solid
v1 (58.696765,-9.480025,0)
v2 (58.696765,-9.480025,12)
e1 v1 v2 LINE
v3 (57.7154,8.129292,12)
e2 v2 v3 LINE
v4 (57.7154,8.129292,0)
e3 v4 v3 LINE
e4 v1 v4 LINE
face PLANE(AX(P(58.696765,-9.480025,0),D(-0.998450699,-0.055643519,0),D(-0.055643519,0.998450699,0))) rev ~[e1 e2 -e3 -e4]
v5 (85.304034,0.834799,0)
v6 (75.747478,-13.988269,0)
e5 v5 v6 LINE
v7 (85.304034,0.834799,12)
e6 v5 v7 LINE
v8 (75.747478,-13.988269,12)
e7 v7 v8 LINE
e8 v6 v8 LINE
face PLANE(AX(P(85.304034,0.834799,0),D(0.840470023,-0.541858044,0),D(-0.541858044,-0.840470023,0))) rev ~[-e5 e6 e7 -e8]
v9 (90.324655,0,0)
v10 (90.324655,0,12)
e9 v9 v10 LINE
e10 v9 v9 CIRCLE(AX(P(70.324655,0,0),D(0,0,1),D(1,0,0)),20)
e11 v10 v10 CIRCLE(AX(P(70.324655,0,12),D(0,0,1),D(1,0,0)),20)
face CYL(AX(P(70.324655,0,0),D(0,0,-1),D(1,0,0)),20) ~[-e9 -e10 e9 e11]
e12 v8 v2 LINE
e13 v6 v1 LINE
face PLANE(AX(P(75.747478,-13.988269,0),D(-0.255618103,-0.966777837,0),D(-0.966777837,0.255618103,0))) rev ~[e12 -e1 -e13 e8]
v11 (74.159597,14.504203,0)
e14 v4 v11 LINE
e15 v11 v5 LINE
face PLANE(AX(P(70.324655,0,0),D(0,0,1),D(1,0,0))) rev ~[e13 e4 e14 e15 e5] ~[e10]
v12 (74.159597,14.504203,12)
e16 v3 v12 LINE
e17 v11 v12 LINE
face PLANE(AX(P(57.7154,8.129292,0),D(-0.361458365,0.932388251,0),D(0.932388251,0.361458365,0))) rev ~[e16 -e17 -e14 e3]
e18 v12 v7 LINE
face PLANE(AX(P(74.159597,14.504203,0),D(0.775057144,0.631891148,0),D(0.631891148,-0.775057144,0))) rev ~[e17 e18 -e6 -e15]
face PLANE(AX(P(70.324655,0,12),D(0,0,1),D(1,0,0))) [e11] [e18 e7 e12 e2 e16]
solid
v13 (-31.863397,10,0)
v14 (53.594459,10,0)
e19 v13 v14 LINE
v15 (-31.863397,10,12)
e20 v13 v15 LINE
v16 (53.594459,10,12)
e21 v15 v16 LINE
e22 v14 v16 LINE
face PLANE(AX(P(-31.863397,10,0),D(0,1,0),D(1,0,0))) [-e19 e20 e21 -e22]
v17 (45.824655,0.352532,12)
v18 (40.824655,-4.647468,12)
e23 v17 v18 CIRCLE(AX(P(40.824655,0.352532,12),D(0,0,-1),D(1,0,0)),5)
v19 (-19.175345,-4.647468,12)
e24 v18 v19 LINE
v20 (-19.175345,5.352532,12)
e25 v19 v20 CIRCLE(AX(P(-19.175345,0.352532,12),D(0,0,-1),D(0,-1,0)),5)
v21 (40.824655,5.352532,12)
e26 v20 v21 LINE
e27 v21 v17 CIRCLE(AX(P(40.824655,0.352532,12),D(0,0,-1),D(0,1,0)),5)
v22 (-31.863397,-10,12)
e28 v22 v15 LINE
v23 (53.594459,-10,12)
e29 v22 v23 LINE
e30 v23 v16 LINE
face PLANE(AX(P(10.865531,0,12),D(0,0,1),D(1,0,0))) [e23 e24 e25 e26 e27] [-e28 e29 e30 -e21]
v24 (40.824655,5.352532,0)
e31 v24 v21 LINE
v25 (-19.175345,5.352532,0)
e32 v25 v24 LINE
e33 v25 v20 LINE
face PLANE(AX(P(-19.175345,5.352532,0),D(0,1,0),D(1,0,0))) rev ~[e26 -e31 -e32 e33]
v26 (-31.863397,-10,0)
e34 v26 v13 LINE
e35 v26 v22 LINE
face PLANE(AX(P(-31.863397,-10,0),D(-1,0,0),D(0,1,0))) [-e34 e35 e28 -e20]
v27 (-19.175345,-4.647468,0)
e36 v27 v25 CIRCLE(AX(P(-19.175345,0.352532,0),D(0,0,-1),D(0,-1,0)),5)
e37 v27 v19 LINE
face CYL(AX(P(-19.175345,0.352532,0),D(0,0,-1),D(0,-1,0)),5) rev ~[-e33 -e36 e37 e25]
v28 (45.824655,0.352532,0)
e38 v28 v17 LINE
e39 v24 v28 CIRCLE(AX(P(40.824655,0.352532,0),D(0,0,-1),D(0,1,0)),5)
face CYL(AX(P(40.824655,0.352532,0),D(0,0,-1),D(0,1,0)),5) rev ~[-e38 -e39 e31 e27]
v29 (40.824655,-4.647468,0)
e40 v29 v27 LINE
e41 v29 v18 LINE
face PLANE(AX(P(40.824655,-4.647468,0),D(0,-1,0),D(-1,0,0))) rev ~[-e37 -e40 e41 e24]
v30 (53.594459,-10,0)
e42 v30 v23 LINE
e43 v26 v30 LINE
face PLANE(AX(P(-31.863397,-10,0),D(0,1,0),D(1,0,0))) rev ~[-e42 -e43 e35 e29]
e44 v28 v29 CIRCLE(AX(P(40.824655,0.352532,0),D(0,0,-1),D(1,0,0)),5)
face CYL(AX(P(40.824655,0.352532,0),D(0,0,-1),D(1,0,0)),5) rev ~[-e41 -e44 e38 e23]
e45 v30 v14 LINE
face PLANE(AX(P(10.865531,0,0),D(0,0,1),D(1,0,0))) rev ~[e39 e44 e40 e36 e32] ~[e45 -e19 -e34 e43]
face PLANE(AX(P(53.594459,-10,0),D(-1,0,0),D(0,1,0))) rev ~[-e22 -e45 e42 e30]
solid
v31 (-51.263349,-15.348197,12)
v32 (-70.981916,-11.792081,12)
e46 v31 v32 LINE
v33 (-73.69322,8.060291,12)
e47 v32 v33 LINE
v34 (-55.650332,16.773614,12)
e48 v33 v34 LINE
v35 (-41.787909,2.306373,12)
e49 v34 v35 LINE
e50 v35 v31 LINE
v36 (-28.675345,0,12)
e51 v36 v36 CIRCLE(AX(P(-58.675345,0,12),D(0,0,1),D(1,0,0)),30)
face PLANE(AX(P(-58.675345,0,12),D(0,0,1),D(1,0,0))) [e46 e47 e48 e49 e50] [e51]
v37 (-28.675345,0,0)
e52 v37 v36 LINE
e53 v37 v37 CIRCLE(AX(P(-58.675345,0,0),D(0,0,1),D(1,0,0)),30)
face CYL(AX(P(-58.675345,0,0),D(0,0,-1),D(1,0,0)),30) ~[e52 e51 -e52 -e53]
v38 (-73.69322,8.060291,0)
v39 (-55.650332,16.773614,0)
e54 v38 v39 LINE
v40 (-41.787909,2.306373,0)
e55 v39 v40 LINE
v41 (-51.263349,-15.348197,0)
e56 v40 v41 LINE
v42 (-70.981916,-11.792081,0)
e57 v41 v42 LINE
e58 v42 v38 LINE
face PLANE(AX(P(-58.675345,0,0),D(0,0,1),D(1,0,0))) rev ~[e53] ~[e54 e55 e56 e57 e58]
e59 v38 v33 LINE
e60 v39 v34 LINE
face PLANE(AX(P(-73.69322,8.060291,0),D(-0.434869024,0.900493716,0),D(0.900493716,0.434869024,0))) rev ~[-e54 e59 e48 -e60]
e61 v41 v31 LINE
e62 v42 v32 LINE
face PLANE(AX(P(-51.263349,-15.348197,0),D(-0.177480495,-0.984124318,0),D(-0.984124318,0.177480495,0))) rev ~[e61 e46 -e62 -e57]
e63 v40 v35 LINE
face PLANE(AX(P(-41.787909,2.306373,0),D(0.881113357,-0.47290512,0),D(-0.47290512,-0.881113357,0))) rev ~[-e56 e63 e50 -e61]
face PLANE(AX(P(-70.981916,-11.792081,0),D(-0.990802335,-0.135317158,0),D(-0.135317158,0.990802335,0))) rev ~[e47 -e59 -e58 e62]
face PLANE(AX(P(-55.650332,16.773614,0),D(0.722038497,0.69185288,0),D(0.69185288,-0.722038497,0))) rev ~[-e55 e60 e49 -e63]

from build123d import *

# Parameters (mm, degrees)
F0_R     = 30
F3_DEPTH = 12
F2_W     = 85.4578563434
F2_H     = 20
F1_R     = 20


with BuildPart() as f3:
    # F0 (on Top) → F3 (new body)
    with BuildSketch(Plane.XY):
        with Locations((-58.6753451633, 0)):
            Circle(F0_R)
        Polygon((-73.6932197748, 8.0602907078), (-55.6503316367, 16.7736143185), (-41.7879093759, 2.3063730552), (-51.2633493904, -15.3481973796), (-70.9819156385, -11.7920807019), align=None, mode=Mode.SUBTRACT)
    extrude(amount=F3_DEPTH)


with BuildPart() as f3b:
    # F2 (on Top) → F3, piece 2 (new body)
    with BuildSketch(Plane.XY):
        with Locations((10.8655309305, 0)):
            Rectangle(F2_W, F2_H)
        with BuildLine():
            ThreePointArc((-19.1753451633, -4.6474677511), (-24.1753451633, 0.3525322489), (-19.1753451633, 5.3525322489))
            Line((-19.1753451633, 5.3525322489), (40.8246548367, 5.3525322489))
            ThreePointArc((40.8246548367, 5.3525322489), (44.3601887427, 3.8880661549), (45.8246548367, 0.3525322489))
            ThreePointArc((45.8246548367, 0.3525322489), (44.3601887427, -3.183001657), (40.8246548367, -4.6474677511))
            Line((40.8246548367, -4.6474677511), (-19.1753451633, -4.6474677511))
        make_face(mode=Mode.SUBTRACT)
    extrude(amount=F3_DEPTH)


with BuildPart() as f3c:
    # F1 (on Top) → F3, piece 3 (new body)
    with BuildSketch(Plane.XY):
        with Locations((70.3246548367, 0)):
            Circle(F1_R)
        Polygon((57.7153999166, 8.1292919608), (74.1595968722, 14.5042034255), (85.3040342797, 0.8347987359), (75.7474784274, -13.988269433), (58.6967646878, -9.4800246893), align=None, mode=Mode.SUBTRACT)
    extrude(amount=F3_DEPTH)


solid = Compound([f3.part, f3b.part, f3c.part])
